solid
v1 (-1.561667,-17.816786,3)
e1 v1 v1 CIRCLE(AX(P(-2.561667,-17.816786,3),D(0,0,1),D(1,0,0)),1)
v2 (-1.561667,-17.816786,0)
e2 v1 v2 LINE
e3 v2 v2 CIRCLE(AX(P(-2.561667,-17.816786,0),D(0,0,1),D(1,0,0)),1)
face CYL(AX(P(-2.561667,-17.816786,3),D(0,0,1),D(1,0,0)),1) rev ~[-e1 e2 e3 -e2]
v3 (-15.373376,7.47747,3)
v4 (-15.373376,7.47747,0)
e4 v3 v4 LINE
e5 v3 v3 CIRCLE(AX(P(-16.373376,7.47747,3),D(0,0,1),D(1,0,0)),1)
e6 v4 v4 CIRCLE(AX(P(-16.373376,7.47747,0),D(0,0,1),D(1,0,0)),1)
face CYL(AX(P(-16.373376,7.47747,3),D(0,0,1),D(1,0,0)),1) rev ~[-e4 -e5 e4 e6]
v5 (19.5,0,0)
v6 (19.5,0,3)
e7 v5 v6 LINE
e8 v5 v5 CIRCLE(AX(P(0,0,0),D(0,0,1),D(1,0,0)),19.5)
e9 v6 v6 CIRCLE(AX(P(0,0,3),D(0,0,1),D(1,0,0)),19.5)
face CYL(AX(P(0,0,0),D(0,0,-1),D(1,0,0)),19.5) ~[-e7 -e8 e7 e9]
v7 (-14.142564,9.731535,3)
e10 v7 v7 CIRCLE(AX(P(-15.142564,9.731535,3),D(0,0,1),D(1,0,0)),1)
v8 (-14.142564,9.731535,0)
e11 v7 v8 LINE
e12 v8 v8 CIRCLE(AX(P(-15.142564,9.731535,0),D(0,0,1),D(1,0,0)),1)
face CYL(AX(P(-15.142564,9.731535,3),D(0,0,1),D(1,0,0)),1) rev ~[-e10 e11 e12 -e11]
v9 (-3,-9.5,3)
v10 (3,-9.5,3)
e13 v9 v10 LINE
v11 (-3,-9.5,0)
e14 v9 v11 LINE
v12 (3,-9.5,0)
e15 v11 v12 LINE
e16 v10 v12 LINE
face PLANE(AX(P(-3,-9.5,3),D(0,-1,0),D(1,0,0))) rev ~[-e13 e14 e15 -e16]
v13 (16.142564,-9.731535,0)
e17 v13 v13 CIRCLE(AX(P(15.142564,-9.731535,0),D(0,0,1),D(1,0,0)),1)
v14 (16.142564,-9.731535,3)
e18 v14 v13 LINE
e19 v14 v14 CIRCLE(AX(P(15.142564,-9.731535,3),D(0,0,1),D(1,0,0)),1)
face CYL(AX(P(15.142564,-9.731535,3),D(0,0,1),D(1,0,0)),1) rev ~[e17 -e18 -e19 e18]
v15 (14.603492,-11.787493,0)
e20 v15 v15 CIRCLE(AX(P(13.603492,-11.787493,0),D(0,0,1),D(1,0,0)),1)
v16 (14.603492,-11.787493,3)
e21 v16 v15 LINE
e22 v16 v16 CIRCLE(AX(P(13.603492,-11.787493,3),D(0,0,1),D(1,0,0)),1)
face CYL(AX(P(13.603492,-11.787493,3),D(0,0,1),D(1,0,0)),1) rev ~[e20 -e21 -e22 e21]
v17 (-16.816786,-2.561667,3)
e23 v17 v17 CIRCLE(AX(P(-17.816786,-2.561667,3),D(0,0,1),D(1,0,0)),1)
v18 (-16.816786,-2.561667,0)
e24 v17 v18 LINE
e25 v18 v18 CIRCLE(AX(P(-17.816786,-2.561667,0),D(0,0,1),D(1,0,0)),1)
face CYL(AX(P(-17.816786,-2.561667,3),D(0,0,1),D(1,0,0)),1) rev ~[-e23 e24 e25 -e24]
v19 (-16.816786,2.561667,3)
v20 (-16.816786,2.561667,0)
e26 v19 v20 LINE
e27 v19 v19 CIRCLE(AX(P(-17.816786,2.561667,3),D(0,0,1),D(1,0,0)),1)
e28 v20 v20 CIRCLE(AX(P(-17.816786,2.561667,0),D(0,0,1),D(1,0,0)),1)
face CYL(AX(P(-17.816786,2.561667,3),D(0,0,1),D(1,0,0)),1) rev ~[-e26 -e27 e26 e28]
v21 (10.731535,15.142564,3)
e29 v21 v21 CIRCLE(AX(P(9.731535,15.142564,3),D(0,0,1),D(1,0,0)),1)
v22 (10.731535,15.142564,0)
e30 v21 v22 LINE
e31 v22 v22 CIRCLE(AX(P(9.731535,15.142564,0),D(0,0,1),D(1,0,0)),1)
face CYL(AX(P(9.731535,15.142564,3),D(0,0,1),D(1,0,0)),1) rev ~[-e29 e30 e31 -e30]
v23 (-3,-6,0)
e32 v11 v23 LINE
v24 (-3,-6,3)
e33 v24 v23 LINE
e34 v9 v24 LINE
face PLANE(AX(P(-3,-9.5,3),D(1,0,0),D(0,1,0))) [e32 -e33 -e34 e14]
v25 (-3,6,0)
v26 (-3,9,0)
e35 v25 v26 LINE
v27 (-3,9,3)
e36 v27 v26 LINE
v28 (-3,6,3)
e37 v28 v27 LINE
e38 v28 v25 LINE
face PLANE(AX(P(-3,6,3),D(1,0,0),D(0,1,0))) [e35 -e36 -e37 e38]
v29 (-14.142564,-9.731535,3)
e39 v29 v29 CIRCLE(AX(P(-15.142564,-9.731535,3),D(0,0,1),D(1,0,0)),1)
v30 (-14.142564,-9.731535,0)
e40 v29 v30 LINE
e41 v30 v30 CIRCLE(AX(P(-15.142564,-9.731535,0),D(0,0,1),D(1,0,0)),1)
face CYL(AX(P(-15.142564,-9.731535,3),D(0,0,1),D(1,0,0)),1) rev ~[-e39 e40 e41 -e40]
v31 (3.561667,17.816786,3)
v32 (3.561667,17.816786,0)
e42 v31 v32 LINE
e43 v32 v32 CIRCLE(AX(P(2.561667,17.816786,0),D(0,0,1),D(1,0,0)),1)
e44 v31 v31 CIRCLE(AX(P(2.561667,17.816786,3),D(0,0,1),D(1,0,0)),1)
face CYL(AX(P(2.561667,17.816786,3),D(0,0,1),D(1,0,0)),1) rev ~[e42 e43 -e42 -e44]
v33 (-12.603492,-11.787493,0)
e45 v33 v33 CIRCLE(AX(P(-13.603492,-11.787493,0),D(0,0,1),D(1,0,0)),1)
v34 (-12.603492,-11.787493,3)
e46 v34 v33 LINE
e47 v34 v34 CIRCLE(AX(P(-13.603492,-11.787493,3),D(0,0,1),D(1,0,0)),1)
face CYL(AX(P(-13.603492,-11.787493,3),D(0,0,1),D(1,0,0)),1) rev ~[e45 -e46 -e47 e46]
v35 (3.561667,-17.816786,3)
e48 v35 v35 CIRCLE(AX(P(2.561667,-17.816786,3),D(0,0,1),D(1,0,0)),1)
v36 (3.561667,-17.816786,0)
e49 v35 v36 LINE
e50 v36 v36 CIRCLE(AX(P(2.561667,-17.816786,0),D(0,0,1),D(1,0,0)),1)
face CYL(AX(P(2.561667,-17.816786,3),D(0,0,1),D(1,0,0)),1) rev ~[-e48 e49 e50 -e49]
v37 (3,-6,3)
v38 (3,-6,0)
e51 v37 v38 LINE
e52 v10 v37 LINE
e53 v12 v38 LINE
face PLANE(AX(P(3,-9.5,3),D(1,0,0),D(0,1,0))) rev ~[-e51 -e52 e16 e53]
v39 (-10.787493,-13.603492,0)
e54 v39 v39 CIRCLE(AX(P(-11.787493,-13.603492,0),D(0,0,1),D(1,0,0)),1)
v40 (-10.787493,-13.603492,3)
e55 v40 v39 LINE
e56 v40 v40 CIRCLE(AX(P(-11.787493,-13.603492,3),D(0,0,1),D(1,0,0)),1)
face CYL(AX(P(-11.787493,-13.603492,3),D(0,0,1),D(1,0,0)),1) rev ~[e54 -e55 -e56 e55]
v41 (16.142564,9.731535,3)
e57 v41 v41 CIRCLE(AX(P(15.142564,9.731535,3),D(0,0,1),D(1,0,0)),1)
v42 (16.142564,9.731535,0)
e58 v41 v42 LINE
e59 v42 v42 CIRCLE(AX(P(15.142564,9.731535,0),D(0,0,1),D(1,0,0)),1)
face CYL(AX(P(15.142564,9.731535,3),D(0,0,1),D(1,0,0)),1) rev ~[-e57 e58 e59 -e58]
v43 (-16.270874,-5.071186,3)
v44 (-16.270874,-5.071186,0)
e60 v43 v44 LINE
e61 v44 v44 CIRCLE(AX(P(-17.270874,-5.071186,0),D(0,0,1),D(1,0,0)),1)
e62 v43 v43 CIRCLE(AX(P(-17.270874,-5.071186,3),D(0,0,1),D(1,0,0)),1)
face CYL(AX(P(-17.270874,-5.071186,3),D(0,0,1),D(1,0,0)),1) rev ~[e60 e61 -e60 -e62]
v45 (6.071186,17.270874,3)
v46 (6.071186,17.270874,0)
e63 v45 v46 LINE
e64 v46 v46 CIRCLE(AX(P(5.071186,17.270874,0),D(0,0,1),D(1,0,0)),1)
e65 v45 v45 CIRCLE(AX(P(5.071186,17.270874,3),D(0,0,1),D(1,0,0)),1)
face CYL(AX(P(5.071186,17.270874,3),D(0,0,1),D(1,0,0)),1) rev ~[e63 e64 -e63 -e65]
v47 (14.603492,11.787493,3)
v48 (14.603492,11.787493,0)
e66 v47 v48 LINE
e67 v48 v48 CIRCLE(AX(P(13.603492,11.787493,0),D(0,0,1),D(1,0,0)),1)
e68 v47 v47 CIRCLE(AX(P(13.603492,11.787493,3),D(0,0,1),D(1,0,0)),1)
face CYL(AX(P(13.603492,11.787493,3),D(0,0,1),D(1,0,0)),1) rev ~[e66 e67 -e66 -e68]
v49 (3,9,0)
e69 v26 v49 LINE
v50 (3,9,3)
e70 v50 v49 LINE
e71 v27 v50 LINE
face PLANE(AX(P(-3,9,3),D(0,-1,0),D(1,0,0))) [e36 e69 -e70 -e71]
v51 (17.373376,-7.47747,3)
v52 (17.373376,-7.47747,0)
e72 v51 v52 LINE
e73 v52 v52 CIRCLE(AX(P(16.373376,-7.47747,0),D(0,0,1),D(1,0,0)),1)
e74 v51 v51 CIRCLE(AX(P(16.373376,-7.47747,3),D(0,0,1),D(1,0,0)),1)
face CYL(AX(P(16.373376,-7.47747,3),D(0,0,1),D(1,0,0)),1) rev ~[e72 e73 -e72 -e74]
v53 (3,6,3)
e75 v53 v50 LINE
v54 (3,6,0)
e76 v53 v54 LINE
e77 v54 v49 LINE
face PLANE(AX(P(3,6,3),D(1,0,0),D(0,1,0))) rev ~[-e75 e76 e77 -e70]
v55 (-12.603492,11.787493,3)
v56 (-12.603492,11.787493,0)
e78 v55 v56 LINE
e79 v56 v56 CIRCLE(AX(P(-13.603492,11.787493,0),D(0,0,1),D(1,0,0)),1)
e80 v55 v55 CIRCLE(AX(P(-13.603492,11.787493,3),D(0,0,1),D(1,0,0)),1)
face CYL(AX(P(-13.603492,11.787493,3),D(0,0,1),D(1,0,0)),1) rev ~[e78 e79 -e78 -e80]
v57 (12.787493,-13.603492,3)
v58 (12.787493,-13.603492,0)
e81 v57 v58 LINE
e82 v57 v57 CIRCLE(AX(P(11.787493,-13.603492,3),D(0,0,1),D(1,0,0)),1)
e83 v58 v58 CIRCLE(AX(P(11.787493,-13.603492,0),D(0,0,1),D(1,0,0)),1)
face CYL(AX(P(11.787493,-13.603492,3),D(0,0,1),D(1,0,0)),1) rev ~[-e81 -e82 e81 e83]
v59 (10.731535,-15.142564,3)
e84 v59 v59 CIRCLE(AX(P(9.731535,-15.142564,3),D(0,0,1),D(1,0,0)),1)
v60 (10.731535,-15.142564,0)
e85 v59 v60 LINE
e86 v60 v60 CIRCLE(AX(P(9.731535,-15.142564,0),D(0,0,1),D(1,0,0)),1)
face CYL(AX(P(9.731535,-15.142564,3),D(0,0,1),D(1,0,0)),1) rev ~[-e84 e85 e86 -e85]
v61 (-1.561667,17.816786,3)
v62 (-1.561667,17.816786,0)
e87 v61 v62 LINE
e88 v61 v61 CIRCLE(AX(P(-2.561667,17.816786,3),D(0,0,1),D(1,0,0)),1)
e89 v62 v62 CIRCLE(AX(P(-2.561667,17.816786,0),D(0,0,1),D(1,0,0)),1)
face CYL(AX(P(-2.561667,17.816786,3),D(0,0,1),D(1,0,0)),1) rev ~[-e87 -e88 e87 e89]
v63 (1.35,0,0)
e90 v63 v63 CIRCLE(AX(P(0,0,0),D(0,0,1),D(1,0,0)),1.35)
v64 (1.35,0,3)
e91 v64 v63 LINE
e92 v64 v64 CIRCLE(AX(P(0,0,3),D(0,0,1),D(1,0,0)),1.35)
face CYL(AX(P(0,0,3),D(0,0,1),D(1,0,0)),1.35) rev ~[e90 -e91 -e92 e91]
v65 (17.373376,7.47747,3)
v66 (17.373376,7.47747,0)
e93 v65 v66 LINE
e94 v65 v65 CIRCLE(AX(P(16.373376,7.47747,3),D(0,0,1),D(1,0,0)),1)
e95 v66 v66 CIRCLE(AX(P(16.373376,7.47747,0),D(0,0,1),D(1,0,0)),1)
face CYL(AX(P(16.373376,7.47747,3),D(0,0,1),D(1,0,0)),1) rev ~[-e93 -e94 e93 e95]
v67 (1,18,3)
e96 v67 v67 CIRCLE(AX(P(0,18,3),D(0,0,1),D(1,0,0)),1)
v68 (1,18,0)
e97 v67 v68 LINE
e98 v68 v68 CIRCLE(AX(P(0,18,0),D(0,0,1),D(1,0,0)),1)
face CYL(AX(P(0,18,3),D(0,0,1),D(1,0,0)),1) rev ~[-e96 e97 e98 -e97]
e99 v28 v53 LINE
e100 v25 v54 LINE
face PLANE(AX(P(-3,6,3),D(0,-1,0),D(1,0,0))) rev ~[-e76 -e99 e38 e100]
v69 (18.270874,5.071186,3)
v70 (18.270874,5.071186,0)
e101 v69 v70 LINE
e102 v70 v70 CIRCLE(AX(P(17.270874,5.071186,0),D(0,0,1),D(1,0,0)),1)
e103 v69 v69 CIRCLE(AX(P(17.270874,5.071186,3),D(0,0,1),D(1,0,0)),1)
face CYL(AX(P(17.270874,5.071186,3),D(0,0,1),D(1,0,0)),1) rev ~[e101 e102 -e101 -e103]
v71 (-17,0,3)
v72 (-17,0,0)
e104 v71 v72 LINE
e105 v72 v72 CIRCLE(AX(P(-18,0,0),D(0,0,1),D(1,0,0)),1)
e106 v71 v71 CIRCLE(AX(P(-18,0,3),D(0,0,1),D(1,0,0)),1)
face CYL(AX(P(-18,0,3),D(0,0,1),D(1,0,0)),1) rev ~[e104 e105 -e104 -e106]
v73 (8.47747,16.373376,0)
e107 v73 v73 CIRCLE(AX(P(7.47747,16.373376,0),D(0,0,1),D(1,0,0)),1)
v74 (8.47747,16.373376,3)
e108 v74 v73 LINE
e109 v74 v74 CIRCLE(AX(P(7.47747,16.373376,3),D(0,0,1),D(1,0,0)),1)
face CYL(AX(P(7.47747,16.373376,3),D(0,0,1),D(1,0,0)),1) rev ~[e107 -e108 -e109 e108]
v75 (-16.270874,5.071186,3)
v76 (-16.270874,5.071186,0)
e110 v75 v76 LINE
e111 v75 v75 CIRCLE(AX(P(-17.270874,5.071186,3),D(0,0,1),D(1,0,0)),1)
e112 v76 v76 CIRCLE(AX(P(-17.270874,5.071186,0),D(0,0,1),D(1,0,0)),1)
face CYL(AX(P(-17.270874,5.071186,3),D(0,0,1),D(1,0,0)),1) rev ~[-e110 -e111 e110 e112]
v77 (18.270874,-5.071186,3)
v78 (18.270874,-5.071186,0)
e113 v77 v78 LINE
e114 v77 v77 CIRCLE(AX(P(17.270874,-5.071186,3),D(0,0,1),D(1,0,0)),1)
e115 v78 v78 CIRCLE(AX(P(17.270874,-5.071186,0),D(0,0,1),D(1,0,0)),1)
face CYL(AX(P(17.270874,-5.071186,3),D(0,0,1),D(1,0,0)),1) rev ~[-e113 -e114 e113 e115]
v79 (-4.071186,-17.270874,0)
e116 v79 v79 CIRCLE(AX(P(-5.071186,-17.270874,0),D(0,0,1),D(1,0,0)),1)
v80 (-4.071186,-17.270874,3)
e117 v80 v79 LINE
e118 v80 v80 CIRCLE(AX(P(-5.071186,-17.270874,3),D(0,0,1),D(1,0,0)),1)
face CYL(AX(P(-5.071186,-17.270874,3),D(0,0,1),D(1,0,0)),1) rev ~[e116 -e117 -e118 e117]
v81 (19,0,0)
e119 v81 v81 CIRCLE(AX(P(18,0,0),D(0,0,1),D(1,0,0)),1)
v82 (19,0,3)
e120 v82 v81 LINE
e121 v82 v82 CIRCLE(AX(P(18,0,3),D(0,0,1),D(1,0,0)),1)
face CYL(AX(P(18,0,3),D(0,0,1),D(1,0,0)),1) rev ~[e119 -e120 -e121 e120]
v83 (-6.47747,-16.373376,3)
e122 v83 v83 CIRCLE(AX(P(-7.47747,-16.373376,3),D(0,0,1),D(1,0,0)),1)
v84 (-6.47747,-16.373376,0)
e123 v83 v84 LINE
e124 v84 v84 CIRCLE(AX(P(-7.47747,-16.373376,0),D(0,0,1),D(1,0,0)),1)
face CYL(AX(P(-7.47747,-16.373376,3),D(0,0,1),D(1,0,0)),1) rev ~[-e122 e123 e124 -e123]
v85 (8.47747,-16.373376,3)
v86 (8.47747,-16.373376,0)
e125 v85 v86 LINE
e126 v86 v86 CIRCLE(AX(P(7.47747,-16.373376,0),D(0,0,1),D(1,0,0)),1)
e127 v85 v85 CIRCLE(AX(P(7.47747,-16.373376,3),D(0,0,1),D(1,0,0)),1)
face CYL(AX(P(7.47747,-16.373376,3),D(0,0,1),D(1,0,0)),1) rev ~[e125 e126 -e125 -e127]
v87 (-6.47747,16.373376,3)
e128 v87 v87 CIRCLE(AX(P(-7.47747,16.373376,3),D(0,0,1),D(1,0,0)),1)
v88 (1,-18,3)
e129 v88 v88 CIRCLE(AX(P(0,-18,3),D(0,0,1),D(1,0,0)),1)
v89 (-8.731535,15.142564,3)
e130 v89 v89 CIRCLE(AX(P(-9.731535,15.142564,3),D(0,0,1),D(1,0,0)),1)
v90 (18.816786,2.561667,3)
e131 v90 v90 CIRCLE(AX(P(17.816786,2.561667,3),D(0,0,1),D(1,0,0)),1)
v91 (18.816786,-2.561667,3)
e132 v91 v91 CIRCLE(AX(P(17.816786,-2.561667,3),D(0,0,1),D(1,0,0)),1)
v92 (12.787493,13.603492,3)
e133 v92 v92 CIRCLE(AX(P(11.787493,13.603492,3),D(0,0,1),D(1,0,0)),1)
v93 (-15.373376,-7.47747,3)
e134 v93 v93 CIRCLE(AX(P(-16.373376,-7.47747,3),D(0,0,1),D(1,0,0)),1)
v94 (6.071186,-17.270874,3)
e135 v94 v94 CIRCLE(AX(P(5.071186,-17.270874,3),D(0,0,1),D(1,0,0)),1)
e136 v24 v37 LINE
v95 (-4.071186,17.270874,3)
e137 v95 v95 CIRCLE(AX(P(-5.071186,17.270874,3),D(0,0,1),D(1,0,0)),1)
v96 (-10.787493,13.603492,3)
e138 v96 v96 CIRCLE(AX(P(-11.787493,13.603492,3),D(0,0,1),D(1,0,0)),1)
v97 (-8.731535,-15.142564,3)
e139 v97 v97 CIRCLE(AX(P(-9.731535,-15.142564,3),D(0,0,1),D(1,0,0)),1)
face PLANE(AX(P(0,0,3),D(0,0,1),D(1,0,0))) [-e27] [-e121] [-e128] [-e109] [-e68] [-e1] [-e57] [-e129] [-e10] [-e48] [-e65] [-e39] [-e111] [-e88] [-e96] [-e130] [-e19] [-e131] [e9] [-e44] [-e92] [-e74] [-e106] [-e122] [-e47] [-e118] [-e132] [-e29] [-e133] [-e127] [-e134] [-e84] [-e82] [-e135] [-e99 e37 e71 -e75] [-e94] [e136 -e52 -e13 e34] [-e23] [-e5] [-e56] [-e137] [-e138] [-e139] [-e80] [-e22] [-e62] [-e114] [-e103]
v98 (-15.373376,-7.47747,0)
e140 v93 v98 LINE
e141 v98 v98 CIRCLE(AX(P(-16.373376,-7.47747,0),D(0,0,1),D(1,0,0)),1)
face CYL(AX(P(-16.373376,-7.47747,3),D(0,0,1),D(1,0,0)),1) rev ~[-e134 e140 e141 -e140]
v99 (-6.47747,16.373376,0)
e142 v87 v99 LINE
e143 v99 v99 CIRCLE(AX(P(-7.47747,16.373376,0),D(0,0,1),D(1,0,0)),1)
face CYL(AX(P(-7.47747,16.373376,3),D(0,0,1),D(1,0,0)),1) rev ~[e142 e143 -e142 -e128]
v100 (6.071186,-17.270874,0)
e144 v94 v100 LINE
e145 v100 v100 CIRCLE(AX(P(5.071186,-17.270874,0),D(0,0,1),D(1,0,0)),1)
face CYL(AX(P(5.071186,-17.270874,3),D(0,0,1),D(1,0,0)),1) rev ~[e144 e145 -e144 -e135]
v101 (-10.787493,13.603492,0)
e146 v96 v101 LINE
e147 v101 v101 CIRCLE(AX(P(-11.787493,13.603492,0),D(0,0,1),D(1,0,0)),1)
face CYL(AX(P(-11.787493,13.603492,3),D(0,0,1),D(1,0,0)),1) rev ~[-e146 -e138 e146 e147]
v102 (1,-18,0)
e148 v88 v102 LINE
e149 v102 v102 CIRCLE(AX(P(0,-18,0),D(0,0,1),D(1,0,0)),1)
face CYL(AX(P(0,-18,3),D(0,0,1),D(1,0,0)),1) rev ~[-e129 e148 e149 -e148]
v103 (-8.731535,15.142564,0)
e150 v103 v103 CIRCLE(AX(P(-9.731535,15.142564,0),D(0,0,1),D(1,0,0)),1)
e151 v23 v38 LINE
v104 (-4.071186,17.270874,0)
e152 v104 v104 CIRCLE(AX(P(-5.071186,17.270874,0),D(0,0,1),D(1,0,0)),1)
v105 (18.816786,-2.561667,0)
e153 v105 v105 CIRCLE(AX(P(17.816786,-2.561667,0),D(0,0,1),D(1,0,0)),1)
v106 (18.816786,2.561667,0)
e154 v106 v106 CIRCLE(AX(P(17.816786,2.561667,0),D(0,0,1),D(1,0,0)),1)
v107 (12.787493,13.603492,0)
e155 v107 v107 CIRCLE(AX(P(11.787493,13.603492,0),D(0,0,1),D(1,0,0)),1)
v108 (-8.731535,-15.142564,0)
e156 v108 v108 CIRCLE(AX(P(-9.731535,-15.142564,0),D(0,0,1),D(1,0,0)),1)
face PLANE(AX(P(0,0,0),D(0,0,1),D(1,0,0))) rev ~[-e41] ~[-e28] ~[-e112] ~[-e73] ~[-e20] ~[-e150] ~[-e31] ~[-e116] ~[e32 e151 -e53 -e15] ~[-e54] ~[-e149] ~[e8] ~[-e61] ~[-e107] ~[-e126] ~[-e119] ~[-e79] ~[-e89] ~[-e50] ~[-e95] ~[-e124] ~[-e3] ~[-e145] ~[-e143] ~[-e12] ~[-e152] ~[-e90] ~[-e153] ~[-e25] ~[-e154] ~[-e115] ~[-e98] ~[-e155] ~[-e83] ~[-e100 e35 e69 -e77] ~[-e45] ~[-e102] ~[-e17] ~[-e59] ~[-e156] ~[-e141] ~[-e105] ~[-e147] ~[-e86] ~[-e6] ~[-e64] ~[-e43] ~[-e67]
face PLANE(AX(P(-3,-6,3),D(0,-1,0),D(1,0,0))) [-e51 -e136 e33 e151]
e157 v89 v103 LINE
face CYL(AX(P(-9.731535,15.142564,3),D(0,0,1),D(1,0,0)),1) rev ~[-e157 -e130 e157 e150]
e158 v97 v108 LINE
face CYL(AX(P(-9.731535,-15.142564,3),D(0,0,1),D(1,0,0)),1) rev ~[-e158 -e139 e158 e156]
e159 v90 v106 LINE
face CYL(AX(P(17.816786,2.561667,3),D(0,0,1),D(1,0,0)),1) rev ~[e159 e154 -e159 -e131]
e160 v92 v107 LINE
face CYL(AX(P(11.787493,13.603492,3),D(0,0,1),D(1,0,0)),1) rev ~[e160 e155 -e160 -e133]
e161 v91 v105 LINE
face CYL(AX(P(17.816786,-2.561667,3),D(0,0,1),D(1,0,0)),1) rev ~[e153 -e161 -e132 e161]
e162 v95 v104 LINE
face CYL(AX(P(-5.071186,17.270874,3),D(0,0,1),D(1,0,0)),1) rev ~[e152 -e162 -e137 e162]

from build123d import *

# Parameters (mm, degrees)
SKETCH1_R           = 19.5
BOSS_EXTRUDE1_DEPTH = 3
SKETCH6_R           = 1
CUT_EXTRUDE3_DEPTH  = 3
SKETCH7_R           = 1.35
CUT_EXTRUDE4_DEPTH  = 3
SKETCH10_W          = 6
SKETCH10_H          = 3
SKETCH10_H_2        = 3.5
CUT_EXTRUDE5_DEPTH  = 3


with BuildPart() as part:
    # Sketch1 → Boss-Extrude1 (new body)
    with BuildSketch(Plane.XY):
        Circle(SKETCH1_R)
    extrude(amount=BOSS_EXTRUDE1_DEPTH)

    # Sketch6 → Cut-Extrude3 (cut)
    with BuildSketch(Plane.XY.offset(3)):
        with Locations((0, 18)):
            Circle(SKETCH6_R)
        with Locations((2.561667089, 17.816785954)):
            Circle(SKETCH6_R)
        with Locations((5.071186023, 17.270873525)):
            Circle(SKETCH6_R)
        with Locations((7.477470234, 16.373375916)):
            Circle(SKETCH6_R)
        with Locations((9.731534714, 15.142563591)):
            Circle(SKETCH6_R)
        with Locations((11.787493211, 13.603492338)):
            Circle(SKETCH6_R)
        with Locations((13.603492338, 11.787493211)):
            Circle(SKETCH6_R)
        with Locations((15.142563591, 9.731534714)):
            Circle(SKETCH6_R)
        with Locations((16.373375916, 7.477470234)):
            Circle(SKETCH6_R)
        with Locations((17.270873525, 5.071186023)):
            Circle(SKETCH6_R)
        with Locations((17.816785954, 2.561667089)):
            Circle(SKETCH6_R)
        with Locations((18, 0)):
            Circle(SKETCH6_R)
        with Locations((17.816785954, -2.561667089)):
            Circle(SKETCH6_R)
        with Locations((17.270873525, -5.071186023)):
            Circle(SKETCH6_R)
        with Locations((16.373375916, -7.477470234)):
            Circle(SKETCH6_R)
        with Locations((15.142563591, -9.731534714)):
            Circle(SKETCH6_R)
        with Locations((13.603492338, -11.787493211)):
            Circle(SKETCH6_R)
        with Locations((11.787493211, -13.603492338)):
            Circle(SKETCH6_R)
        with Locations((9.731534714, -15.142563591)):
            Circle(SKETCH6_R)
        with Locations((7.477470234, -16.373375916)):
            Circle(SKETCH6_R)
        with Locations((5.071186023, -17.270873525)):
            Circle(SKETCH6_R)
        with Locations((2.561667089, -17.816785954)):
            Circle(SKETCH6_R)
        with Locations((0, -18)):
            Circle(SKETCH6_R)
        with Locations((-2.561667089, -17.816785954)):
            Circle(SKETCH6_R)
        with Locations((-5.071186023, -17.270873525)):
            Circle(SKETCH6_R)
        with Locations((-7.477470234, -16.373375916)):
            Circle(SKETCH6_R)
        with Locations((-9.731534714, -15.142563591)):
            Circle(SKETCH6_R)
        with Locations((-11.787493211, -13.603492338)):
            Circle(SKETCH6_R)
        with Locations((-13.603492338, -11.787493211)):
            Circle(SKETCH6_R)
        with Locations((-15.142563591, -9.731534714)):
            Circle(SKETCH6_R)
        with Locations((-16.373375916, -7.477470234)):
            Circle(SKETCH6_R)
        with Locations((-17.270873525, -5.071186023)):
            Circle(SKETCH6_R)
        with Locations((-17.816785954, -2.561667089)):
            Circle(SKETCH6_R)
        with Locations((-18, 0)):
            Circle(SKETCH6_R)
        with Locations((-17.816785954, 2.561667089)):
            Circle(SKETCH6_R)
        with Locations((-17.270873525, 5.071186023)):
            Circle(SKETCH6_R)
        with Locations((-16.373375916, 7.477470234)):
            Circle(SKETCH6_R)
        with Locations((-15.142563591, 9.731534714)):
            Circle(SKETCH6_R)
        with Locations((-13.603492338, 11.787493211)):
            Circle(SKETCH6_R)
        with Locations((-11.787493211, 13.603492338)):
            Circle(SKETCH6_R)
        with Locations((-9.731534714, 15.142563591)):
            Circle(SKETCH6_R)
        with Locations((-7.477470234, 16.373375916)):
            Circle(SKETCH6_R)
        with Locations((-5.071186023, 17.270873525)):
            Circle(SKETCH6_R)
        with Locations((-2.561667089, 17.816785954)):
            Circle(SKETCH6_R)
    extrude(amount=-CUT_EXTRUDE3_DEPTH, mode=Mode.SUBTRACT)

    # Sketch7 → Cut-Extrude4 (cut)
    with BuildSketch(Plane.XY.offset(3)):
        Circle(SKETCH7_R)
    extrude(amount=-CUT_EXTRUDE4_DEPTH, mode=Mode.SUBTRACT)

    # Sketch10 → Cut-Extrude5 (cut)
    with BuildSketch(Plane.XY.offset(3)):
        with Locations((0, 7.5)):
            Rectangle(SKETCH10_W, SKETCH10_H)
        with Locations((0, -7.75)):
            Rectangle(SKETCH10_W, SKETCH10_H_2)
    extrude(amount=-CUT_EXTRUDE5_DEPTH, mode=Mode.SUBTRACT)


solid = part.part
